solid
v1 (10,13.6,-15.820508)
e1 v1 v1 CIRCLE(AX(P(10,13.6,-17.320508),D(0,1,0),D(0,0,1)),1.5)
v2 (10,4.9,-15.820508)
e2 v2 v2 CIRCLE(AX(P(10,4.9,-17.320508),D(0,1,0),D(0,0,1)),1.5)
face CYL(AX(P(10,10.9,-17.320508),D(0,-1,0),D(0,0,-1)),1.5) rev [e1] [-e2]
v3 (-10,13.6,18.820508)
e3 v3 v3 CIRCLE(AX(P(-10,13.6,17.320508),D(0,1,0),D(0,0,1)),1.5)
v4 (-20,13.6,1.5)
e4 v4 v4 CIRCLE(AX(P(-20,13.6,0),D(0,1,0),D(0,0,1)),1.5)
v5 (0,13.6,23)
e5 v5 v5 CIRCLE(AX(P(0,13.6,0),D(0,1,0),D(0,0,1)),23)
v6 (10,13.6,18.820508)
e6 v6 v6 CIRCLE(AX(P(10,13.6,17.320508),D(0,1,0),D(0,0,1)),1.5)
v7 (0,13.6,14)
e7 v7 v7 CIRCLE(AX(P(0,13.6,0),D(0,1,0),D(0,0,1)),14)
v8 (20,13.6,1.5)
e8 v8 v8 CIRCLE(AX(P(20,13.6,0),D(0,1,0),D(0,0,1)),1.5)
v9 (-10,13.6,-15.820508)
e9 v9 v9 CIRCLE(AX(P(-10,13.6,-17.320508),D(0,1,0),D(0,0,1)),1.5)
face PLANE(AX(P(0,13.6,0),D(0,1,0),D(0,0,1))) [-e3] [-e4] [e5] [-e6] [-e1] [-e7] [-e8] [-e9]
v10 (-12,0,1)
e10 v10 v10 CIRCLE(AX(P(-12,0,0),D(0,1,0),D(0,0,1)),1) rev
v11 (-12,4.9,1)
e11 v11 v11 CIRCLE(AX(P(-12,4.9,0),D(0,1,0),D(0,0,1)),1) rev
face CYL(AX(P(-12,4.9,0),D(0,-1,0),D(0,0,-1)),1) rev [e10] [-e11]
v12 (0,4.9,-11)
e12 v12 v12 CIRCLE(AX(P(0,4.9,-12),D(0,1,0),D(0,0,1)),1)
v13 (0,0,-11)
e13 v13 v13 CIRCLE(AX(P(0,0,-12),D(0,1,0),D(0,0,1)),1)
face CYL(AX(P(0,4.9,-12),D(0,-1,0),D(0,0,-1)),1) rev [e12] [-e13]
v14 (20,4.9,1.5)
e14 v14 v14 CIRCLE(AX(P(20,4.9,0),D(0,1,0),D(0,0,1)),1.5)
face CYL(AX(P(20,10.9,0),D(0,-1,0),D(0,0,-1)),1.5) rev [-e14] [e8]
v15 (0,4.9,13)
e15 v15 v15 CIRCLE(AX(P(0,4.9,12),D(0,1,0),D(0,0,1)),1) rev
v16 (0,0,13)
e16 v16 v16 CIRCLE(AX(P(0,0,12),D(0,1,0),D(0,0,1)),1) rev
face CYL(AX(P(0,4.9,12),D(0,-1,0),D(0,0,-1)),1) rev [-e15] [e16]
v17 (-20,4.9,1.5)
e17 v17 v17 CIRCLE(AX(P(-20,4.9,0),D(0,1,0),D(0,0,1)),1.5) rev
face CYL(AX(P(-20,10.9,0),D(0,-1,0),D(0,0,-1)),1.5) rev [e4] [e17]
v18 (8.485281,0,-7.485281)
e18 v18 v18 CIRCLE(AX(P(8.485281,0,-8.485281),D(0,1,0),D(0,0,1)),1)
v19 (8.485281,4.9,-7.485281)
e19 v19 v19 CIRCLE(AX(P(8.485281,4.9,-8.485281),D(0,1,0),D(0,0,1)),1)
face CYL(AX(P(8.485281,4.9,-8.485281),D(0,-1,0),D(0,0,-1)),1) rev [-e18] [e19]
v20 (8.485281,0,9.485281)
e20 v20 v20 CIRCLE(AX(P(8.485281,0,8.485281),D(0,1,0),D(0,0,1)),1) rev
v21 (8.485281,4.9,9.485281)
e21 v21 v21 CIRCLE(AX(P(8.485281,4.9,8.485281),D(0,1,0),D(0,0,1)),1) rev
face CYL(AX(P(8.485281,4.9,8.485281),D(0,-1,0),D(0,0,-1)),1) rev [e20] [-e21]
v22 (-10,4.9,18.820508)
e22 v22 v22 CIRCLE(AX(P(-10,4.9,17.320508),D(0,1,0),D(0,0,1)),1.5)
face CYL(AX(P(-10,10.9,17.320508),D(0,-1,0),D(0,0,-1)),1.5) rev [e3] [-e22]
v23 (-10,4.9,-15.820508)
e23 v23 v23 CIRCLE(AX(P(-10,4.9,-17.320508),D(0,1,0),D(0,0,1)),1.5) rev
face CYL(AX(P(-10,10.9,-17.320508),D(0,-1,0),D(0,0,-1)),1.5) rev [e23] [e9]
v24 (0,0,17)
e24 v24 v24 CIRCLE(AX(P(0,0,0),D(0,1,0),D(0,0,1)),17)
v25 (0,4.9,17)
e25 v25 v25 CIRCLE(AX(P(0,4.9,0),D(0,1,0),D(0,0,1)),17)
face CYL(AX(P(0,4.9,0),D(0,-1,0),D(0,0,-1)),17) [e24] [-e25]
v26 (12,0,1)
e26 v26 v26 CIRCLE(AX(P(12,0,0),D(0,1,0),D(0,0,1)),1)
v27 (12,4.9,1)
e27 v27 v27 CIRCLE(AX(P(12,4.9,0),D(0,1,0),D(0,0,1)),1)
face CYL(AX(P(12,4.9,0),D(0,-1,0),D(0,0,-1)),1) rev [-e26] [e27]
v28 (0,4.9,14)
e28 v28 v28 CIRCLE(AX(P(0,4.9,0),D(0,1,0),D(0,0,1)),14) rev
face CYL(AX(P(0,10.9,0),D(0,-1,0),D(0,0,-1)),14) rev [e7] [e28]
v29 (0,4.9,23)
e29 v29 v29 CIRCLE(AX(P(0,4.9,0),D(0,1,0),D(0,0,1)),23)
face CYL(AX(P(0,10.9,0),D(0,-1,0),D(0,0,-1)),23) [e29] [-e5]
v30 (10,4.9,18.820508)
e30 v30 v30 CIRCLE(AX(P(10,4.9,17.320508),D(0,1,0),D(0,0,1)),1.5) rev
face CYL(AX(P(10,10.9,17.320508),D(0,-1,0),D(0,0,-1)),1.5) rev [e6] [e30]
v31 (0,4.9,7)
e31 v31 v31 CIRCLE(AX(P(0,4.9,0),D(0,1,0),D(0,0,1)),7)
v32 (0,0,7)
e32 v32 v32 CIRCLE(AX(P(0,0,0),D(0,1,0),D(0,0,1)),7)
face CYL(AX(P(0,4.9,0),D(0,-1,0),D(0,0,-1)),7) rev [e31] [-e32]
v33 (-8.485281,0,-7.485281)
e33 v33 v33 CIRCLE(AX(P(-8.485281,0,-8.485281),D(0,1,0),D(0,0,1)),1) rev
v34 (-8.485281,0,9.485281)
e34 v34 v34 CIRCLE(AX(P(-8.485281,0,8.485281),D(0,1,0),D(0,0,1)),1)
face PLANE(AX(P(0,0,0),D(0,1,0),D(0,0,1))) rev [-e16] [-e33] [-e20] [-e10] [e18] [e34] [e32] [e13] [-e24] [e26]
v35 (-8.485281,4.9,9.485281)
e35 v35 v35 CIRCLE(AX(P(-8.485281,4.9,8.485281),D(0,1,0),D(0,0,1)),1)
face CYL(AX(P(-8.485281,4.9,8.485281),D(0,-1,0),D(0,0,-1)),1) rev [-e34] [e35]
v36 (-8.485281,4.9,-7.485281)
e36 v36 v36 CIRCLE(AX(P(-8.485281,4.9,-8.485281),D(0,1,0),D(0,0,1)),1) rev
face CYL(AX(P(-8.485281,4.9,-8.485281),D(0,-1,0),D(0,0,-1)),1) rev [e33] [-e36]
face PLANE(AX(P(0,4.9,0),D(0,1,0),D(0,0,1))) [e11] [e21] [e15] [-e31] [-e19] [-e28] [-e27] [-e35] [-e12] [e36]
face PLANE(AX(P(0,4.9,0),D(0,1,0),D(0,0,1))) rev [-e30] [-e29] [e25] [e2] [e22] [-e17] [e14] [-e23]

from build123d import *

# Parameters (mm, degrees)
SKETCH_1_R      = 17
SKETCH_1_R_2    = 1
SKETCH_1_R_3    = 7
EXTRUDE_1_DEPTH = 4.9
SKETCH_2_R      = 23
SKETCH_2_R_2    = 1.5
SKETCH_2_R_3    = 17
SKETCH_2_R_4    = 14
EXTRUDE_2_DEPTH = 6
SKETCH_3_R      = 23
SKETCH_3_R_2    = 14
SKETCH_3_R_3    = 1.5
EXTRUDE_3_DEPTH = 2.7


with BuildPart() as part:
    # 草图1 → 凸台-拉伸1 (new body)
    with BuildSketch(Plane(origin=(0, 0, 0), x_dir=(1, 0, 0), z_dir=(0, 1, 0))):
        with Locations(Location((0, 0, 0), (0, 0, 270))):
            Circle(SKETCH_1_R)
        with Locations(Location((8.485281374, -8.485281374, 0), (0, 0, 270))):
            Circle(SKETCH_1_R_2, mode=Mode.SUBTRACT)
        with Locations(Location((8.485281374, 8.485281374, 0), (0, 0, 270))):
            Circle(SKETCH_1_R_2, mode=Mode.SUBTRACT)
        with Locations(Location((0, -12, 0), (0, 0, 270))):
            Circle(SKETCH_1_R_2, mode=Mode.SUBTRACT)
        with Locations(Location((12, 0, 0), (0, 0, 270))):
            Circle(SKETCH_1_R_2, mode=Mode.SUBTRACT)
        with Locations(Location((0, 12, 0), (0, 0, 270))):
            Circle(SKETCH_1_R_2, mode=Mode.SUBTRACT)
        with Locations(Location((0, 0, 0), (0, 0, 270))):
            Circle(SKETCH_1_R_3, mode=Mode.SUBTRACT)
        with Locations(Location((-12, 0, 0), (0, 0, 270))):
            Circle(SKETCH_1_R_2, mode=Mode.SUBTRACT)
        with Locations(Location((-8.485281374, -8.485281374, 0), (0, 0, 270))):
            Circle(SKETCH_1_R_2, mode=Mode.SUBTRACT)
        with Locations(Location((-8.485281374, 8.485281374, 0), (0, 0, 270))):
            Circle(SKETCH_1_R_2, mode=Mode.SUBTRACT)
    extrude(amount=EXTRUDE_1_DEPTH)

    # 草图2 → 凸台-拉伸2 (add)
    # profile 1 of 2: a face of its own
    with BuildSketch(Plane(origin=(0, 4.9, 0), x_dir=(1, 0, 0), z_dir=(0, 1, 0))):
        with Locations(Location((0, 0, 0), (0, 0, 270))):
            Circle(SKETCH_2_R)
        with Locations(Location((-10, -17.320508076, 0), (0, 0, 270))):
            Circle(SKETCH_2_R_2, mode=Mode.SUBTRACT)
        with Locations(Location((-10, 17.320508076, 0), (0, 0, 270))):
            Circle(SKETCH_2_R_2, mode=Mode.SUBTRACT)
        with Locations(Location((10, 17.320508076, 0), (0, 0, 270))):
            Circle(SKETCH_2_R_2, mode=Mode.SUBTRACT)
        with Locations(Location((20, 0, 0), (0, 0, 270))):
            Circle(SKETCH_2_R_2, mode=Mode.SUBTRACT)
        with Locations(Location((-20, 0, 0), (0, 0, 270))):
            Circle(SKETCH_2_R_2, mode=Mode.SUBTRACT)
        with Locations(Location((10, -17.320508076, 0), (0, 0, 270))):
            Circle(SKETCH_2_R_2, mode=Mode.SUBTRACT)
        with Locations(Location((0, 0, 0), (0, 0, 270))):
            Circle(SKETCH_2_R_3, mode=Mode.SUBTRACT)
    # profile 2 of 2: a face of its own
    with BuildSketch(Plane(origin=(0, 4.9, 0), x_dir=(1, 0, 0), z_dir=(0, 1, 0))):
        with Locations(Location((0, 0, 0), (0, 0, 270))):
            Circle(SKETCH_2_R_3)
        with Locations(Location((0, 0, 0), (0, 0, 270))):
            Circle(SKETCH_2_R_4, mode=Mode.SUBTRACT)
    extrude(amount=EXTRUDE_2_DEPTH)

    # 草图3 → 凸台-拉伸3 (add)
    with BuildSketch(Plane(origin=(0, 10.9, 0), x_dir=(1, 0, 0), z_dir=(0, 1, 0))):
        with Locations(Location((0, 0, 0), (0, 0, 270))):
            Circle(SKETCH_3_R)
        with Locations(Location((0, 0, 0), (0, 0, 270))):
            Circle(SKETCH_3_R_2, mode=Mode.SUBTRACT)
        with Locations(Location((10, -17.320508076, 0), (0, 0, 270))):
            Circle(SKETCH_3_R_3, mode=Mode.SUBTRACT)
        with Locations(Location((20, 0, 0), (0, 0, 270))):
            Circle(SKETCH_3_R_3, mode=Mode.SUBTRACT)
        with Locations(Location((10, 17.320508076, 0), (0, 0, 270))):
            Circle(SKETCH_3_R_3, mode=Mode.SUBTRACT)
        with Locations(Location((-10, -17.320508076, 0), (0, 0, 270))):
            Circle(SKETCH_3_R_3, mode=Mode.SUBTRACT)
        with Locations(Location((-20, 0, 0), (0, 0, 270))):
            Circle(SKETCH_3_R_3, mode=Mode.SUBTRACT)
        with Locations(Location((-10, 17.320508076, 0), (0, 0, 270))):
            Circle(SKETCH_3_R_3, mode=Mode.SUBTRACT)
    extrude(amount=EXTRUDE_3_DEPTH)


solid = part.part
